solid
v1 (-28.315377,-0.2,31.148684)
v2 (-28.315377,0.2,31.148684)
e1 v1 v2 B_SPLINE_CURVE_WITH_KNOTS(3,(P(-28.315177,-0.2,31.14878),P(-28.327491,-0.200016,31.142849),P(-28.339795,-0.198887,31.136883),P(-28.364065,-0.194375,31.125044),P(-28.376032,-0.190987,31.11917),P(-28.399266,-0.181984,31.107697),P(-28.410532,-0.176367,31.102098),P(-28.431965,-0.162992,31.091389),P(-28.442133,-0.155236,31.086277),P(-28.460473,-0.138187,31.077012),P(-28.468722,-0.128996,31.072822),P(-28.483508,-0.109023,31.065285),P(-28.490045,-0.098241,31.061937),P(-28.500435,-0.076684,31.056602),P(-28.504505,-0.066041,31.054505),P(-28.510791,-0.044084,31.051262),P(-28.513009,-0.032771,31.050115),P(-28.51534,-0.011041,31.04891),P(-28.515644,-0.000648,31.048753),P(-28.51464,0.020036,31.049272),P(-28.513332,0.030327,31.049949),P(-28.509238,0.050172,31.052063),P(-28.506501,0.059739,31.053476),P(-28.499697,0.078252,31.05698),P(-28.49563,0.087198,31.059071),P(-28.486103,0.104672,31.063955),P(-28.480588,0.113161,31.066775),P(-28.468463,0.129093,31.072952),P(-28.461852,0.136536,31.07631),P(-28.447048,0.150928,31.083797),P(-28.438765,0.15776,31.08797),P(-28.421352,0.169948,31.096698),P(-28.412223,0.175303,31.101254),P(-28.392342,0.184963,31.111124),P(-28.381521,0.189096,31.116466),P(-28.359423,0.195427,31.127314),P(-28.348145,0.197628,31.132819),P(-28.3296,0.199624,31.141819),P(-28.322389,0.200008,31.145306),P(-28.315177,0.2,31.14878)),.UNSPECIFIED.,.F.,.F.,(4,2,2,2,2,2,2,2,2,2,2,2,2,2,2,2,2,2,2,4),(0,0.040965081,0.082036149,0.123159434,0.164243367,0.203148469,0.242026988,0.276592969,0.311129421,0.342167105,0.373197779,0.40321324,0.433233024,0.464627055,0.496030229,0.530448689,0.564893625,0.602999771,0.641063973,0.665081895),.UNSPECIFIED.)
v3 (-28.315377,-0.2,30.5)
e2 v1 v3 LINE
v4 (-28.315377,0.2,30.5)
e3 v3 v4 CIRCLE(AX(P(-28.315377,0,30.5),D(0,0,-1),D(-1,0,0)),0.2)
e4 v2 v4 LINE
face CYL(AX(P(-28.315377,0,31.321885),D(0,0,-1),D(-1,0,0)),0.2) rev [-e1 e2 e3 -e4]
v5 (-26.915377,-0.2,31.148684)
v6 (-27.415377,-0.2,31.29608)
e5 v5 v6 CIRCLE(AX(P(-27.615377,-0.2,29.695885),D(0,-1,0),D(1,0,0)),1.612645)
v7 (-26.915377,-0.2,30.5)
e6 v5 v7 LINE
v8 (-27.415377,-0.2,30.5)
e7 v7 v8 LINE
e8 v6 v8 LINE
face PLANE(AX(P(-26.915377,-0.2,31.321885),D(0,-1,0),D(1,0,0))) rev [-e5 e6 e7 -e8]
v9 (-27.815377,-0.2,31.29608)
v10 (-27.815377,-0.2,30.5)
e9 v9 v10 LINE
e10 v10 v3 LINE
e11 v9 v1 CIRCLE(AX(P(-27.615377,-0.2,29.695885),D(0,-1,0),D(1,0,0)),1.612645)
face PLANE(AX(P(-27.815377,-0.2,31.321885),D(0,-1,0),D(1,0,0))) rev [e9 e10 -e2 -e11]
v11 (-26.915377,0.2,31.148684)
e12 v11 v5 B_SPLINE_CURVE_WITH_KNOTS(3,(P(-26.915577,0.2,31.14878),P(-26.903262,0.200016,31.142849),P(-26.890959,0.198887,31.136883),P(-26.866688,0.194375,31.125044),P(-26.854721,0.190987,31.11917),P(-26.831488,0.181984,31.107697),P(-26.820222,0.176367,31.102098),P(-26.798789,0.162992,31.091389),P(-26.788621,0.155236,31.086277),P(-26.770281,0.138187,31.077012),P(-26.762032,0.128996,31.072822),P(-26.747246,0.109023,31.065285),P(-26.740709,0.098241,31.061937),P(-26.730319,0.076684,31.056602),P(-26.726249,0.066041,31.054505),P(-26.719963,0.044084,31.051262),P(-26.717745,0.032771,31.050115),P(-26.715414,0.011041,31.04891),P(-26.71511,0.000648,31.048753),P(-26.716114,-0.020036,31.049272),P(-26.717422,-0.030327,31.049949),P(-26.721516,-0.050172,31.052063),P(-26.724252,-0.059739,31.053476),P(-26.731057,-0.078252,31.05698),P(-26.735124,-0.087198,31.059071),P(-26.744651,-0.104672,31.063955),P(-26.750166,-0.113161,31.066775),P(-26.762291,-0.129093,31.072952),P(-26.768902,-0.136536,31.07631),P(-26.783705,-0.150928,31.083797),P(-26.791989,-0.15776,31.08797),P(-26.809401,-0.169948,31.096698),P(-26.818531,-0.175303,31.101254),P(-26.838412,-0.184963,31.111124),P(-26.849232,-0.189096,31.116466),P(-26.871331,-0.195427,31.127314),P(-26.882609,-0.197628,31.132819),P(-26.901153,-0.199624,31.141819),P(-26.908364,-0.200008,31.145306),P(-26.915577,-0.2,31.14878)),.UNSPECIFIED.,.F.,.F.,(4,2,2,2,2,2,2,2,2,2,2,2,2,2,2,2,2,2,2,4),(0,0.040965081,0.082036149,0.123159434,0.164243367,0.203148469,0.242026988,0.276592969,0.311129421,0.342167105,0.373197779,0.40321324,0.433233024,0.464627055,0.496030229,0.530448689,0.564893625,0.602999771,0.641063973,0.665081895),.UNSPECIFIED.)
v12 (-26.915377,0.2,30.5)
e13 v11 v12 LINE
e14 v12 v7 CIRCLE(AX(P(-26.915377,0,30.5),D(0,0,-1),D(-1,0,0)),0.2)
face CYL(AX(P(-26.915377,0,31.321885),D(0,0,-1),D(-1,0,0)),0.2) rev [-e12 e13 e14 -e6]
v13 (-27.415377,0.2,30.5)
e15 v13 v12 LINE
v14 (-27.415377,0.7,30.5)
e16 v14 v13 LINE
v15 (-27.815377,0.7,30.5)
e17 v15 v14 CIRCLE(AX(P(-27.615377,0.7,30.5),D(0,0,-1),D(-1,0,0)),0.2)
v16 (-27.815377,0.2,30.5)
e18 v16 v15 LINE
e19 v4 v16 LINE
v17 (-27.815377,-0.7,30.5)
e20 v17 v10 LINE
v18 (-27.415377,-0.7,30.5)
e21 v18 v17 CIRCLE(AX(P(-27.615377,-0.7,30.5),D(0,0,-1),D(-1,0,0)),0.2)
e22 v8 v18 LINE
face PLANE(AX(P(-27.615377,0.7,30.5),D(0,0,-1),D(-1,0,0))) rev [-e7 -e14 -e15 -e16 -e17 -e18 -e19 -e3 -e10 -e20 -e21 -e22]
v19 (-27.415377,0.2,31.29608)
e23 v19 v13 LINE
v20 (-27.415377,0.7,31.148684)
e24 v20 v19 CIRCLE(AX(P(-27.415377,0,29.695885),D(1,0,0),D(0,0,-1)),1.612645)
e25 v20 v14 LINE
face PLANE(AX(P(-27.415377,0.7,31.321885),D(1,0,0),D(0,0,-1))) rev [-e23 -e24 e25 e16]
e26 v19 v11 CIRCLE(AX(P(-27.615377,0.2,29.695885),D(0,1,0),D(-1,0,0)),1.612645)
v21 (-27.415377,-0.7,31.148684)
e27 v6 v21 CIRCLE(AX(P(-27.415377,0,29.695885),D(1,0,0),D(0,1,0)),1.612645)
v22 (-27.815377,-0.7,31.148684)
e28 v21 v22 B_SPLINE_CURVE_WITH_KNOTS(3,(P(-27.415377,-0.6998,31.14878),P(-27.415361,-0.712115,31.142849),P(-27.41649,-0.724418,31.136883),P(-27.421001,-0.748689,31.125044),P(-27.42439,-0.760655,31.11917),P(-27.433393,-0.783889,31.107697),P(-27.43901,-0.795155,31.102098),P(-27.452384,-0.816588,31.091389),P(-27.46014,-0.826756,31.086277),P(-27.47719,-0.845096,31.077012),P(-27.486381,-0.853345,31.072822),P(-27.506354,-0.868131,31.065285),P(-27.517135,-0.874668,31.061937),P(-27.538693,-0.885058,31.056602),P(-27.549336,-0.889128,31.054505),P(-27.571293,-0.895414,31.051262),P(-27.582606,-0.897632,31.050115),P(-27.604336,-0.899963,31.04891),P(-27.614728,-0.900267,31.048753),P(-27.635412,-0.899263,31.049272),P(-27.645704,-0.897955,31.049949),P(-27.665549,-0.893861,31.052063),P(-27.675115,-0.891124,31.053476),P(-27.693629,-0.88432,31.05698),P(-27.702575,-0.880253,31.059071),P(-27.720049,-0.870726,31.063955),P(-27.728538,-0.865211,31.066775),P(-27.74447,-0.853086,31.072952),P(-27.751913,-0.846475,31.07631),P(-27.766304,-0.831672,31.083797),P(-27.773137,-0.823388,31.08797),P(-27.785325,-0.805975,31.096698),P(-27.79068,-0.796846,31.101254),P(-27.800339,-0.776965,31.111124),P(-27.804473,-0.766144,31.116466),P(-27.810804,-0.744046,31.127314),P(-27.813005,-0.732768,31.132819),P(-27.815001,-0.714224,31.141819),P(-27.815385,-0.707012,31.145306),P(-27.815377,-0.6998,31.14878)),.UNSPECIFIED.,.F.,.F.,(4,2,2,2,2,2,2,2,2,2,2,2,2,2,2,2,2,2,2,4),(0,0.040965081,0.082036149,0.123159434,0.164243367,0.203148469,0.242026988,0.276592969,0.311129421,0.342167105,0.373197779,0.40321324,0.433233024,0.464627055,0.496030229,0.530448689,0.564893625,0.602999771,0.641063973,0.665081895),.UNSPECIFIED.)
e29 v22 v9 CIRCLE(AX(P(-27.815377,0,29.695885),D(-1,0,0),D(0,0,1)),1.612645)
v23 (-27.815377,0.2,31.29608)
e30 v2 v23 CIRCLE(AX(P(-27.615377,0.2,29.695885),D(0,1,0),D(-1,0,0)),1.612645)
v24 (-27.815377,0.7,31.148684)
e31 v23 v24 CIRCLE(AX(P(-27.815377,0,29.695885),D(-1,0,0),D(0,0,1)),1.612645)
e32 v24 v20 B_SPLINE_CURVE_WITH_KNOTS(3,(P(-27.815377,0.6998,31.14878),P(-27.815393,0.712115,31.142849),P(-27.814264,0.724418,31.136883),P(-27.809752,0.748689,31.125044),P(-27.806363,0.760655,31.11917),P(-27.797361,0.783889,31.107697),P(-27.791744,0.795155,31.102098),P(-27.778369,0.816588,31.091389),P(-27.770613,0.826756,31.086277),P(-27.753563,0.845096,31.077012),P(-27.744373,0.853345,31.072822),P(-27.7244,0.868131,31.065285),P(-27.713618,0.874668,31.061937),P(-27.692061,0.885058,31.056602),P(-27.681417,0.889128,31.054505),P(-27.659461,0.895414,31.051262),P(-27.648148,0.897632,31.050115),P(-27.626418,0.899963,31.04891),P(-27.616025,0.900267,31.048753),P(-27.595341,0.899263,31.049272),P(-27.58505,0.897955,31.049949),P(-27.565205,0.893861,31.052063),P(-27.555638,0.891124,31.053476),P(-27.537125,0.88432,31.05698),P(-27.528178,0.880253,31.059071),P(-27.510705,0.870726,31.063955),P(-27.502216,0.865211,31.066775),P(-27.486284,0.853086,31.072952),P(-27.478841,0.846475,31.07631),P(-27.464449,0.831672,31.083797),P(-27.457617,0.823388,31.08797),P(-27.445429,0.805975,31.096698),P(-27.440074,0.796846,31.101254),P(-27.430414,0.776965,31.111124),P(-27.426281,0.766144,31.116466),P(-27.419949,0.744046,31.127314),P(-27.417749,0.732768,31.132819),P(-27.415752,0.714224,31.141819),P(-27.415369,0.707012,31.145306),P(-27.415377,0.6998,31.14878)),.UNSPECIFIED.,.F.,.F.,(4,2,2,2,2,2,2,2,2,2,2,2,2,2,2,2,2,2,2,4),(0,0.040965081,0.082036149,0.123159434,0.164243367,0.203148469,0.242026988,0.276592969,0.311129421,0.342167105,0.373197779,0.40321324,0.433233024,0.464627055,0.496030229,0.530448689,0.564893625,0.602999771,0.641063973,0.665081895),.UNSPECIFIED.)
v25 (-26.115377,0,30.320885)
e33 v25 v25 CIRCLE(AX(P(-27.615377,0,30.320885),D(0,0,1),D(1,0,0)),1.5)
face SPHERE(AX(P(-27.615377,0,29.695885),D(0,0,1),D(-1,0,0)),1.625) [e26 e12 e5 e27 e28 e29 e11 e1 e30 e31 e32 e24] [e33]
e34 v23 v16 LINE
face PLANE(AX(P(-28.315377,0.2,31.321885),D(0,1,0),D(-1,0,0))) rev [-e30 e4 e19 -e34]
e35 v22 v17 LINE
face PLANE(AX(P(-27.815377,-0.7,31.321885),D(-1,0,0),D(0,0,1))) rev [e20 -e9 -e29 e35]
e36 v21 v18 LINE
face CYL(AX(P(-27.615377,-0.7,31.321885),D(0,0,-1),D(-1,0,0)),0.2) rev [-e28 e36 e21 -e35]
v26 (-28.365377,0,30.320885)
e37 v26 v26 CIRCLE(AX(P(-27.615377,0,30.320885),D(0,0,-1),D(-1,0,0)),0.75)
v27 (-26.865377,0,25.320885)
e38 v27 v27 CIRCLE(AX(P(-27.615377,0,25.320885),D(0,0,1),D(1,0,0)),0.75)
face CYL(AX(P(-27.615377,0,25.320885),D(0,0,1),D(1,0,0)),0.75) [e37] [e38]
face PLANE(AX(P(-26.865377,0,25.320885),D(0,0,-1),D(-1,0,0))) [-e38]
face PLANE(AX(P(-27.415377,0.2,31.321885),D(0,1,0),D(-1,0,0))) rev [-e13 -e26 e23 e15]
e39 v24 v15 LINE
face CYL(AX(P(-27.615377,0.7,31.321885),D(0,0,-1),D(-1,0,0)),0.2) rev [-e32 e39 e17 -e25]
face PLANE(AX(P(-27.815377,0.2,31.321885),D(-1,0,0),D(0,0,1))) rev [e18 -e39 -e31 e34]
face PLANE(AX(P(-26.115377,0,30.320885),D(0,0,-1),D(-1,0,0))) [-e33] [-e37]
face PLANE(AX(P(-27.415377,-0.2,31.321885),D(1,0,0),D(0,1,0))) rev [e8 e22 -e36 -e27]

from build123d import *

# Parameters (mm, degrees)
ENL_V_MAT_EXTRU_1_REACH      = 31.166
ENL_V_MAT_EXTRU_1_END_RADIUS = 1.625
ESQUISSE3_W                  = 0.75
ESQUISSE3_H                  = 5


with BuildPart() as part:
    # Esquisse1 → Révolution1 (revolve)
    with BuildSketch(Plane(origin=(0, 0, 0), x_dir=(1, 0, 0), z_dir=(0, 1, 0)), mode=Mode.PRIVATE) as r_volution1_sk:
        with BuildLine():
            Line((-26.1153768, -30.3208848), (-27.6153768, -30.3208848))
            Line((-27.6153768, -30.3208848), (-27.6153768, -31.3208848))
            ThreePointArc((-27.6153768, -31.3208848), (-26.713988981, -31.047966528), (-26.1153768, -30.3208848))
        make_face()
    revolve(r_volution1_sk.sketch.rotate(Axis((-27.6153768, 0, 30.3208848), (0, 0, 1)), 180), axis=Axis((-27.6153768, 0, 30.3208848), (0, 0, 1)))

    # Enlèv. mat.-Extru.1: up to this sphere (the profile starts inside it)
    enl_v_mat_extru_1_end = Location((-27.6153768, 0, 29.6958848)) * Sphere(ENL_V_MAT_EXTRU_1_END_RADIUS, mode=Mode.PRIVATE)
    # Esquisse2 → Enlèv. mat.-Extru.1 (cut, up to the surface)
    with BuildSketch(Plane(origin=(0, 0, 30.5), x_dir=(-1, 0, 0), z_dir=(0, 0, -1)), mode=Mode.PRIVATE) as enl_v_mat_extru_1_sk1:
        with BuildLine():
            Line((27.8153768, 0.2), (27.8153768, 0.7))
            ThreePointArc((27.8153768, 0.7), (27.6153768, 0.9), (27.4153768, 0.7))
            Line((27.4153768, 0.7), (27.4153768, 0.2))
            Line((27.4153768, 0.2), (26.9153768, 0.2))
            ThreePointArc((26.9153768, 0.2), (26.7153768, 0), (26.9153768, -0.2))
            Line((26.9153768, -0.2), (27.4153768, -0.2))
            Line((27.4153768, -0.2), (27.4153768, -0.7))
            ThreePointArc((27.4153768, -0.7), (27.6153768, -0.9), (27.8153768, -0.7))
            Line((27.8153768, -0.7), (27.8153768, -0.2))
            Line((27.8153768, -0.2), (28.3153768, -0.2))
            ThreePointArc((28.3153768, -0.2), (28.5153768, 0), (28.3153768, 0.2))
            Line((28.3153768, 0.2), (27.8153768, 0.2))
        make_face()
    enl_v_mat_extru_1_tool1 = extrude(enl_v_mat_extru_1_sk1.sketch, amount=-ENL_V_MAT_EXTRU_1_REACH, mode=Mode.PRIVATE) & enl_v_mat_extru_1_end
    add(enl_v_mat_extru_1_tool1.solids().sort_by_distance((-27.615377, 0, 30.5))[0], mode=Mode.SUBTRACT)

    # Esquisse3 → Révolution2 (revolve)
    with BuildSketch(Plane(origin=(0, 0, 0), x_dir=(1, 0, 0), z_dir=(0, 1, 0)), mode=Mode.PRIVATE) as r_volution2_sk:
        with Locations((-27.2403768, -27.8208848)):
            Rectangle(ESQUISSE3_W, ESQUISSE3_H)
    revolve(r_volution2_sk.sketch.rotate(Axis((-27.6153768, 0, 25.3208848), (0, 0, 1)), 195.945395901), axis=Axis((-27.6153768, 0, 25.3208848), (0, 0, 1)))


solid = part.part
